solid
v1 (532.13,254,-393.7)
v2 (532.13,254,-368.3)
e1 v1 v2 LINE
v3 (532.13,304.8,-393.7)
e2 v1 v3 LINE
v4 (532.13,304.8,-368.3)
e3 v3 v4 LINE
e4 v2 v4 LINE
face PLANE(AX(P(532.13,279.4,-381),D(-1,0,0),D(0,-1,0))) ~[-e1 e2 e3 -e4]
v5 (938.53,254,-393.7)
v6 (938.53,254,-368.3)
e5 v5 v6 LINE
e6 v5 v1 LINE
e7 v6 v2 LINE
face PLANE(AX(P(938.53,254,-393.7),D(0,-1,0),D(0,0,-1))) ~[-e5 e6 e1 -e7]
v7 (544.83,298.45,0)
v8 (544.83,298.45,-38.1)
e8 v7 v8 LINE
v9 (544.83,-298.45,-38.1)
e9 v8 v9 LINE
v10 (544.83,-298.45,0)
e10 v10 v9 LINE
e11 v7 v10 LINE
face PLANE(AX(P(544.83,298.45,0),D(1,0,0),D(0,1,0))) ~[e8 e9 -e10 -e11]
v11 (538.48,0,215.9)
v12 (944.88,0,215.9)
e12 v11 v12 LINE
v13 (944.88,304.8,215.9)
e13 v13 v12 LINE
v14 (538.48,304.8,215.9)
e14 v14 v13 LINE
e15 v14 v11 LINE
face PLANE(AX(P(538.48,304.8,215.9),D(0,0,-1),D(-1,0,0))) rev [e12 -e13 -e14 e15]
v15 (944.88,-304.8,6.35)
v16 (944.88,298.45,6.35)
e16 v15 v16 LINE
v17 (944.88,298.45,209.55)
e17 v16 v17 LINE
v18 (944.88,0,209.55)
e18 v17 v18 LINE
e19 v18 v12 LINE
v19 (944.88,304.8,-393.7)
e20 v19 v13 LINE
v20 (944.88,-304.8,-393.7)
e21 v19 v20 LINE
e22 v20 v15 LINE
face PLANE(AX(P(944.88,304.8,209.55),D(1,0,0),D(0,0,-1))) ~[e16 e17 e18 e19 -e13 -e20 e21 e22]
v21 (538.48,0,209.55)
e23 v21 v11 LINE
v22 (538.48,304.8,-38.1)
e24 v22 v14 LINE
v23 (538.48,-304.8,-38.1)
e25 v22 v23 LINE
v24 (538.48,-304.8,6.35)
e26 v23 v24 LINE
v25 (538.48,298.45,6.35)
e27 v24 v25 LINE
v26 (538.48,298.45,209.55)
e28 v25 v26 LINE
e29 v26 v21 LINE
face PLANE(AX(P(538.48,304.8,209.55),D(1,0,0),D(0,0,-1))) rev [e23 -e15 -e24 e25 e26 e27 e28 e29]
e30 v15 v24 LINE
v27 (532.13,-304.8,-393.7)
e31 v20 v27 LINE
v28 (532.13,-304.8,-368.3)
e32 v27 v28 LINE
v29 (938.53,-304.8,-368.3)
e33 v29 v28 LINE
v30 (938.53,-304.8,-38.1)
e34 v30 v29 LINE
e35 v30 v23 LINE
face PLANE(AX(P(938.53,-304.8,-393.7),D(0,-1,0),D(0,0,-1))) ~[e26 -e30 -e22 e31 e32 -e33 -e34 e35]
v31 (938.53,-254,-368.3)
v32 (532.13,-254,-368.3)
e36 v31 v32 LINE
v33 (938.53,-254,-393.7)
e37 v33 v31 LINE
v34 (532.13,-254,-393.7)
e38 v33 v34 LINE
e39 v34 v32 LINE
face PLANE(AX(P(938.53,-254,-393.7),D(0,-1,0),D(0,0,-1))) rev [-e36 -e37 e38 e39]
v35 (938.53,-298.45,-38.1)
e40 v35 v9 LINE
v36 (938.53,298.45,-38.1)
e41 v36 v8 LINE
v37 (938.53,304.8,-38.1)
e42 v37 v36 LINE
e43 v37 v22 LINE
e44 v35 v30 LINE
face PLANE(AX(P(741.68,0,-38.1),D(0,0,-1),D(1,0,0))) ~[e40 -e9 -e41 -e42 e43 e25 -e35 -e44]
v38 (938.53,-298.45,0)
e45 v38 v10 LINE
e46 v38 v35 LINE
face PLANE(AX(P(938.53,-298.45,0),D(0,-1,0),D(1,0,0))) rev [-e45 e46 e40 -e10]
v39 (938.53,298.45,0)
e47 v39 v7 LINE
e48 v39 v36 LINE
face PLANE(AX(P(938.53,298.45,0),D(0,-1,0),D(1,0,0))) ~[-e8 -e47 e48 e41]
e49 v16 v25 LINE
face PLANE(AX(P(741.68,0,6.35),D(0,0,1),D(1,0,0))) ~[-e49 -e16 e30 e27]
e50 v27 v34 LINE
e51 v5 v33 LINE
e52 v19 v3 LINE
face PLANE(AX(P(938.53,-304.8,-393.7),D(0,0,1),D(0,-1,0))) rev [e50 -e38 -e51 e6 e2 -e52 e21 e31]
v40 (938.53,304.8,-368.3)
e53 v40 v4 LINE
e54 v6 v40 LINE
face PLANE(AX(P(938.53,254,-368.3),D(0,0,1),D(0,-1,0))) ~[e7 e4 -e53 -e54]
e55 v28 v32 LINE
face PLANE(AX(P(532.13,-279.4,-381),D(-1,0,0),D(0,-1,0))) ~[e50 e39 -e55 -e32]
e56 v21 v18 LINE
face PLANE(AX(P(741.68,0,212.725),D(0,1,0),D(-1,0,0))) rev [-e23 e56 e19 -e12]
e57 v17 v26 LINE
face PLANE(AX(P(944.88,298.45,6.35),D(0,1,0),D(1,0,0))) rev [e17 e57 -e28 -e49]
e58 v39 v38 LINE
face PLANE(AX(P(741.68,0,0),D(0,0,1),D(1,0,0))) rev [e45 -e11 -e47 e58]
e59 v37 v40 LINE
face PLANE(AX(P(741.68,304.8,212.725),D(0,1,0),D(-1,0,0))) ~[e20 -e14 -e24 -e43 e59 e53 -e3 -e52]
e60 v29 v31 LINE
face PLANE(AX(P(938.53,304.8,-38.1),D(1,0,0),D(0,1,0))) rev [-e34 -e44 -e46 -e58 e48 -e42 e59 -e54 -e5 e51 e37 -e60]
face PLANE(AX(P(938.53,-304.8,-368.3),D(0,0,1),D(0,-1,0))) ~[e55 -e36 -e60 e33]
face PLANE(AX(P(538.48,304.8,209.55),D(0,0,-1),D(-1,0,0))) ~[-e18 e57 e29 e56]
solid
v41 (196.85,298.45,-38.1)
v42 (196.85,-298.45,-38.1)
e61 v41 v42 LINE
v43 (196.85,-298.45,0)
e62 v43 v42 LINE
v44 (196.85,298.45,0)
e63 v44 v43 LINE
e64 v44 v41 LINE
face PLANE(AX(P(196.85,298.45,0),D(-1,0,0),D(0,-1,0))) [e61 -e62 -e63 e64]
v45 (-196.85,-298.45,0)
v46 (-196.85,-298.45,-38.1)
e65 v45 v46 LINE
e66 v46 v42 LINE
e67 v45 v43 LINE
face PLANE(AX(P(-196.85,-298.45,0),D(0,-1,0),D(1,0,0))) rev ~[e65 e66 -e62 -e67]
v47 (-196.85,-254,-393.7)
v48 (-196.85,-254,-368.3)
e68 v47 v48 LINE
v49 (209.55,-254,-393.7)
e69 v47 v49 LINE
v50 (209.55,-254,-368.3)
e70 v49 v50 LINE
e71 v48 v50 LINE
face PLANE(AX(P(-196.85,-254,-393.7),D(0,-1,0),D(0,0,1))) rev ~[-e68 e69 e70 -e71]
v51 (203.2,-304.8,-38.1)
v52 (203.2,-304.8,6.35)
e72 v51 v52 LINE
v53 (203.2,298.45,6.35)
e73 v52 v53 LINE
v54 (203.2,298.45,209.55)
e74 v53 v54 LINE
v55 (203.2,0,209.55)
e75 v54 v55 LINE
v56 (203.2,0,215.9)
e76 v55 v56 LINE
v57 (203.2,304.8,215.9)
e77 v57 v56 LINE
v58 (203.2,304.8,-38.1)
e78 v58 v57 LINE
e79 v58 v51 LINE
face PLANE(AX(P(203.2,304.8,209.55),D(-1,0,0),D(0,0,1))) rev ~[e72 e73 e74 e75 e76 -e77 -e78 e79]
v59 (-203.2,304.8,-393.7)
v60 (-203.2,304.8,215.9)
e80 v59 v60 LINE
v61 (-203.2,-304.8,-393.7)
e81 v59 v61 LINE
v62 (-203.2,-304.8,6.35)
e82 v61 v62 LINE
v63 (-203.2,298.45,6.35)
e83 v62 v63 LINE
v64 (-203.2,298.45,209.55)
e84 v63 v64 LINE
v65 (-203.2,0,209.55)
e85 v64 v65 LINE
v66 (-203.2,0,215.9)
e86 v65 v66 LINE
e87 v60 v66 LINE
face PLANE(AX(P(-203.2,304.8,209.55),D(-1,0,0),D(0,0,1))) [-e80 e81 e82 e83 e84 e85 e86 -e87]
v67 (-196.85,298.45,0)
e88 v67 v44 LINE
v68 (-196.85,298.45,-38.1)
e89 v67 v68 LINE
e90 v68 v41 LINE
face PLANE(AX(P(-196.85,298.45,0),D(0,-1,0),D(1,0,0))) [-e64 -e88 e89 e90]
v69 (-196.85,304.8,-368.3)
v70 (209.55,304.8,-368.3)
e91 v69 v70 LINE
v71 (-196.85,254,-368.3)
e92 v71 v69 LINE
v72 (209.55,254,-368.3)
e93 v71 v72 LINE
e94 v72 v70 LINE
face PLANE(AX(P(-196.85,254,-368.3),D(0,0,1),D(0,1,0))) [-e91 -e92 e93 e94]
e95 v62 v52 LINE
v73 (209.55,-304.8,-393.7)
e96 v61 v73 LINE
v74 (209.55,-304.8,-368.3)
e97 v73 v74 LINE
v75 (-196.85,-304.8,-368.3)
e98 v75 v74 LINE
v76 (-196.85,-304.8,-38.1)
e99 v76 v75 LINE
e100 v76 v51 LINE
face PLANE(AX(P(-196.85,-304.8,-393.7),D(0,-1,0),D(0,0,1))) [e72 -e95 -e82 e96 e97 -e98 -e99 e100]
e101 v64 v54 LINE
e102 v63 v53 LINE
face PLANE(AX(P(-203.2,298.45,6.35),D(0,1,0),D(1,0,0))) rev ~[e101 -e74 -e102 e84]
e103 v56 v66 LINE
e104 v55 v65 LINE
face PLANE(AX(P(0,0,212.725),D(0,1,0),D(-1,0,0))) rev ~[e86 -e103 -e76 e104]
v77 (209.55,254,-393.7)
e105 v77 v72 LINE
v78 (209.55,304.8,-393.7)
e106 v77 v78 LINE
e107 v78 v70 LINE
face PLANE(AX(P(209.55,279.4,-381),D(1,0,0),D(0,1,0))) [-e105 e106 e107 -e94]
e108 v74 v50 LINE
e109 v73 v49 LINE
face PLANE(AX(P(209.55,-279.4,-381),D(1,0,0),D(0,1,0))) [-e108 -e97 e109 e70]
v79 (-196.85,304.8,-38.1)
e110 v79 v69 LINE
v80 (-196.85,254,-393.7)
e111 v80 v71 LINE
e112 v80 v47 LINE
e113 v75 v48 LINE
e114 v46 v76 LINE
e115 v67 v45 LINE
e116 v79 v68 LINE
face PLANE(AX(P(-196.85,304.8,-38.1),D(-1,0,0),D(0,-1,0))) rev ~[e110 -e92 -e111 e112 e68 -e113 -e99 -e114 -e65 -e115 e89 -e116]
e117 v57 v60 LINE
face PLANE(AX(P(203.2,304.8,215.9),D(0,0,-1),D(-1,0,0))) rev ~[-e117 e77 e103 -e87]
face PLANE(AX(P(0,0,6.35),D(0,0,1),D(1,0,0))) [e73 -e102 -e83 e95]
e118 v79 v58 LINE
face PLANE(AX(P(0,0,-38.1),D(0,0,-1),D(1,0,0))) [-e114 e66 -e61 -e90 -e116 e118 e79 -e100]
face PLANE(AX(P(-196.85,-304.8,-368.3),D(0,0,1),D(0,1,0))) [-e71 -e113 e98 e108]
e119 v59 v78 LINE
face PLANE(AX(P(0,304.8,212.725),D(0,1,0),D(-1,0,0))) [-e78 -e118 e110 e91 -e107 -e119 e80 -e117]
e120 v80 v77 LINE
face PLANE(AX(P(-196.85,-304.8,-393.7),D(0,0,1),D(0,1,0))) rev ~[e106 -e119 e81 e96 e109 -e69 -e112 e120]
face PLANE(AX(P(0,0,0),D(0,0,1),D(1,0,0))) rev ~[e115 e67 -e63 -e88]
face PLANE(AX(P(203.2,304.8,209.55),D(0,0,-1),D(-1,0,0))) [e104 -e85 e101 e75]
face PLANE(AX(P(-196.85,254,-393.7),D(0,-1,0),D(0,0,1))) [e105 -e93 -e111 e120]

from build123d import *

# Parameters (mm, degrees)
F0_W      = 406.4
F0_H      = 609.6
F1_DEPTH  = 6.35
F2_W      = 406.4
F2_H      = 609.6
F2_W_2    = 393.7
F2_H_2    = 596.9
F3_DEPTH  = 38.1
F4_W      = 6.35
F4_H      = 609.6
F5_DEPTH  = 355.6
F6_W      = 406.4
F6_H      = 6.35
F7_DEPTH  = 203.2
F8_W      = 406.4
F8_H      = 6.35
F9_DEPTH  = 304.8
F10_W     = 50.8
F10_H     = 25.4
F11_DEPTH = 406.4


with BuildPart() as f1:
    # F0 (on Top) → F1 (new body)
    with BuildSketch(Plane.XY):
        Rectangle(F0_W, F0_H)
    extrude(amount=F1_DEPTH)

    # F2 (on face) → F3 (join)
    with BuildSketch(Plane(origin=(0, 0, 0), x_dir=(1, 0, 0), z_dir=(0, 0, -1))):
        Rectangle(F2_W, F2_H)
        Rectangle(F2_W_2, F2_H_2, mode=Mode.SUBTRACT)
    extrude(amount=F3_DEPTH)

    # F4 (on face) → F5 (join)
    with BuildSketch(Plane(origin=(0, 0, -38.1), x_dir=(1, 0, 0), z_dir=(0, 0, -1))):
        with Locations((-200.025, 0)):
            Rectangle(F4_W, F4_H)
    extrude(amount=F5_DEPTH)

    # F6 (on face) → F7 (join)
    with BuildSketch(Plane.XY.offset(6.35)):
        with Locations((0, 301.625)):
            Rectangle(F6_W, F6_H)
    extrude(amount=F7_DEPTH)

    # F8 (on face) → F9 (join)
    with BuildSketch(Plane(origin=(0, 304.8, 0), x_dir=(-1, 0, 0), z_dir=(0, 1, 0))):
        with Locations((0, 212.725)):
            Rectangle(F8_W, F8_H)
    extrude(amount=-F9_DEPTH)

    # F10 (on face) → F11 (join)
    with BuildSketch(Plane.YZ.offset(-196.85)):
        with Locations((-279.4, -381)):
            Rectangle(F10_W, F10_H)
        with Locations((279.4, -381)):
            Rectangle(F10_W, F10_H)
    extrude(amount=F11_DEPTH)


with BuildPart() as f13_1:
    # F13: instance of F1
    add(f1.part.mirror(Plane(origin=(370.84, 22.562766, 3.985638), x_dir=(0, 1, 0), z_dir=(1, 0, 0))))


solid = Compound([f1.part, f13_1.part])
